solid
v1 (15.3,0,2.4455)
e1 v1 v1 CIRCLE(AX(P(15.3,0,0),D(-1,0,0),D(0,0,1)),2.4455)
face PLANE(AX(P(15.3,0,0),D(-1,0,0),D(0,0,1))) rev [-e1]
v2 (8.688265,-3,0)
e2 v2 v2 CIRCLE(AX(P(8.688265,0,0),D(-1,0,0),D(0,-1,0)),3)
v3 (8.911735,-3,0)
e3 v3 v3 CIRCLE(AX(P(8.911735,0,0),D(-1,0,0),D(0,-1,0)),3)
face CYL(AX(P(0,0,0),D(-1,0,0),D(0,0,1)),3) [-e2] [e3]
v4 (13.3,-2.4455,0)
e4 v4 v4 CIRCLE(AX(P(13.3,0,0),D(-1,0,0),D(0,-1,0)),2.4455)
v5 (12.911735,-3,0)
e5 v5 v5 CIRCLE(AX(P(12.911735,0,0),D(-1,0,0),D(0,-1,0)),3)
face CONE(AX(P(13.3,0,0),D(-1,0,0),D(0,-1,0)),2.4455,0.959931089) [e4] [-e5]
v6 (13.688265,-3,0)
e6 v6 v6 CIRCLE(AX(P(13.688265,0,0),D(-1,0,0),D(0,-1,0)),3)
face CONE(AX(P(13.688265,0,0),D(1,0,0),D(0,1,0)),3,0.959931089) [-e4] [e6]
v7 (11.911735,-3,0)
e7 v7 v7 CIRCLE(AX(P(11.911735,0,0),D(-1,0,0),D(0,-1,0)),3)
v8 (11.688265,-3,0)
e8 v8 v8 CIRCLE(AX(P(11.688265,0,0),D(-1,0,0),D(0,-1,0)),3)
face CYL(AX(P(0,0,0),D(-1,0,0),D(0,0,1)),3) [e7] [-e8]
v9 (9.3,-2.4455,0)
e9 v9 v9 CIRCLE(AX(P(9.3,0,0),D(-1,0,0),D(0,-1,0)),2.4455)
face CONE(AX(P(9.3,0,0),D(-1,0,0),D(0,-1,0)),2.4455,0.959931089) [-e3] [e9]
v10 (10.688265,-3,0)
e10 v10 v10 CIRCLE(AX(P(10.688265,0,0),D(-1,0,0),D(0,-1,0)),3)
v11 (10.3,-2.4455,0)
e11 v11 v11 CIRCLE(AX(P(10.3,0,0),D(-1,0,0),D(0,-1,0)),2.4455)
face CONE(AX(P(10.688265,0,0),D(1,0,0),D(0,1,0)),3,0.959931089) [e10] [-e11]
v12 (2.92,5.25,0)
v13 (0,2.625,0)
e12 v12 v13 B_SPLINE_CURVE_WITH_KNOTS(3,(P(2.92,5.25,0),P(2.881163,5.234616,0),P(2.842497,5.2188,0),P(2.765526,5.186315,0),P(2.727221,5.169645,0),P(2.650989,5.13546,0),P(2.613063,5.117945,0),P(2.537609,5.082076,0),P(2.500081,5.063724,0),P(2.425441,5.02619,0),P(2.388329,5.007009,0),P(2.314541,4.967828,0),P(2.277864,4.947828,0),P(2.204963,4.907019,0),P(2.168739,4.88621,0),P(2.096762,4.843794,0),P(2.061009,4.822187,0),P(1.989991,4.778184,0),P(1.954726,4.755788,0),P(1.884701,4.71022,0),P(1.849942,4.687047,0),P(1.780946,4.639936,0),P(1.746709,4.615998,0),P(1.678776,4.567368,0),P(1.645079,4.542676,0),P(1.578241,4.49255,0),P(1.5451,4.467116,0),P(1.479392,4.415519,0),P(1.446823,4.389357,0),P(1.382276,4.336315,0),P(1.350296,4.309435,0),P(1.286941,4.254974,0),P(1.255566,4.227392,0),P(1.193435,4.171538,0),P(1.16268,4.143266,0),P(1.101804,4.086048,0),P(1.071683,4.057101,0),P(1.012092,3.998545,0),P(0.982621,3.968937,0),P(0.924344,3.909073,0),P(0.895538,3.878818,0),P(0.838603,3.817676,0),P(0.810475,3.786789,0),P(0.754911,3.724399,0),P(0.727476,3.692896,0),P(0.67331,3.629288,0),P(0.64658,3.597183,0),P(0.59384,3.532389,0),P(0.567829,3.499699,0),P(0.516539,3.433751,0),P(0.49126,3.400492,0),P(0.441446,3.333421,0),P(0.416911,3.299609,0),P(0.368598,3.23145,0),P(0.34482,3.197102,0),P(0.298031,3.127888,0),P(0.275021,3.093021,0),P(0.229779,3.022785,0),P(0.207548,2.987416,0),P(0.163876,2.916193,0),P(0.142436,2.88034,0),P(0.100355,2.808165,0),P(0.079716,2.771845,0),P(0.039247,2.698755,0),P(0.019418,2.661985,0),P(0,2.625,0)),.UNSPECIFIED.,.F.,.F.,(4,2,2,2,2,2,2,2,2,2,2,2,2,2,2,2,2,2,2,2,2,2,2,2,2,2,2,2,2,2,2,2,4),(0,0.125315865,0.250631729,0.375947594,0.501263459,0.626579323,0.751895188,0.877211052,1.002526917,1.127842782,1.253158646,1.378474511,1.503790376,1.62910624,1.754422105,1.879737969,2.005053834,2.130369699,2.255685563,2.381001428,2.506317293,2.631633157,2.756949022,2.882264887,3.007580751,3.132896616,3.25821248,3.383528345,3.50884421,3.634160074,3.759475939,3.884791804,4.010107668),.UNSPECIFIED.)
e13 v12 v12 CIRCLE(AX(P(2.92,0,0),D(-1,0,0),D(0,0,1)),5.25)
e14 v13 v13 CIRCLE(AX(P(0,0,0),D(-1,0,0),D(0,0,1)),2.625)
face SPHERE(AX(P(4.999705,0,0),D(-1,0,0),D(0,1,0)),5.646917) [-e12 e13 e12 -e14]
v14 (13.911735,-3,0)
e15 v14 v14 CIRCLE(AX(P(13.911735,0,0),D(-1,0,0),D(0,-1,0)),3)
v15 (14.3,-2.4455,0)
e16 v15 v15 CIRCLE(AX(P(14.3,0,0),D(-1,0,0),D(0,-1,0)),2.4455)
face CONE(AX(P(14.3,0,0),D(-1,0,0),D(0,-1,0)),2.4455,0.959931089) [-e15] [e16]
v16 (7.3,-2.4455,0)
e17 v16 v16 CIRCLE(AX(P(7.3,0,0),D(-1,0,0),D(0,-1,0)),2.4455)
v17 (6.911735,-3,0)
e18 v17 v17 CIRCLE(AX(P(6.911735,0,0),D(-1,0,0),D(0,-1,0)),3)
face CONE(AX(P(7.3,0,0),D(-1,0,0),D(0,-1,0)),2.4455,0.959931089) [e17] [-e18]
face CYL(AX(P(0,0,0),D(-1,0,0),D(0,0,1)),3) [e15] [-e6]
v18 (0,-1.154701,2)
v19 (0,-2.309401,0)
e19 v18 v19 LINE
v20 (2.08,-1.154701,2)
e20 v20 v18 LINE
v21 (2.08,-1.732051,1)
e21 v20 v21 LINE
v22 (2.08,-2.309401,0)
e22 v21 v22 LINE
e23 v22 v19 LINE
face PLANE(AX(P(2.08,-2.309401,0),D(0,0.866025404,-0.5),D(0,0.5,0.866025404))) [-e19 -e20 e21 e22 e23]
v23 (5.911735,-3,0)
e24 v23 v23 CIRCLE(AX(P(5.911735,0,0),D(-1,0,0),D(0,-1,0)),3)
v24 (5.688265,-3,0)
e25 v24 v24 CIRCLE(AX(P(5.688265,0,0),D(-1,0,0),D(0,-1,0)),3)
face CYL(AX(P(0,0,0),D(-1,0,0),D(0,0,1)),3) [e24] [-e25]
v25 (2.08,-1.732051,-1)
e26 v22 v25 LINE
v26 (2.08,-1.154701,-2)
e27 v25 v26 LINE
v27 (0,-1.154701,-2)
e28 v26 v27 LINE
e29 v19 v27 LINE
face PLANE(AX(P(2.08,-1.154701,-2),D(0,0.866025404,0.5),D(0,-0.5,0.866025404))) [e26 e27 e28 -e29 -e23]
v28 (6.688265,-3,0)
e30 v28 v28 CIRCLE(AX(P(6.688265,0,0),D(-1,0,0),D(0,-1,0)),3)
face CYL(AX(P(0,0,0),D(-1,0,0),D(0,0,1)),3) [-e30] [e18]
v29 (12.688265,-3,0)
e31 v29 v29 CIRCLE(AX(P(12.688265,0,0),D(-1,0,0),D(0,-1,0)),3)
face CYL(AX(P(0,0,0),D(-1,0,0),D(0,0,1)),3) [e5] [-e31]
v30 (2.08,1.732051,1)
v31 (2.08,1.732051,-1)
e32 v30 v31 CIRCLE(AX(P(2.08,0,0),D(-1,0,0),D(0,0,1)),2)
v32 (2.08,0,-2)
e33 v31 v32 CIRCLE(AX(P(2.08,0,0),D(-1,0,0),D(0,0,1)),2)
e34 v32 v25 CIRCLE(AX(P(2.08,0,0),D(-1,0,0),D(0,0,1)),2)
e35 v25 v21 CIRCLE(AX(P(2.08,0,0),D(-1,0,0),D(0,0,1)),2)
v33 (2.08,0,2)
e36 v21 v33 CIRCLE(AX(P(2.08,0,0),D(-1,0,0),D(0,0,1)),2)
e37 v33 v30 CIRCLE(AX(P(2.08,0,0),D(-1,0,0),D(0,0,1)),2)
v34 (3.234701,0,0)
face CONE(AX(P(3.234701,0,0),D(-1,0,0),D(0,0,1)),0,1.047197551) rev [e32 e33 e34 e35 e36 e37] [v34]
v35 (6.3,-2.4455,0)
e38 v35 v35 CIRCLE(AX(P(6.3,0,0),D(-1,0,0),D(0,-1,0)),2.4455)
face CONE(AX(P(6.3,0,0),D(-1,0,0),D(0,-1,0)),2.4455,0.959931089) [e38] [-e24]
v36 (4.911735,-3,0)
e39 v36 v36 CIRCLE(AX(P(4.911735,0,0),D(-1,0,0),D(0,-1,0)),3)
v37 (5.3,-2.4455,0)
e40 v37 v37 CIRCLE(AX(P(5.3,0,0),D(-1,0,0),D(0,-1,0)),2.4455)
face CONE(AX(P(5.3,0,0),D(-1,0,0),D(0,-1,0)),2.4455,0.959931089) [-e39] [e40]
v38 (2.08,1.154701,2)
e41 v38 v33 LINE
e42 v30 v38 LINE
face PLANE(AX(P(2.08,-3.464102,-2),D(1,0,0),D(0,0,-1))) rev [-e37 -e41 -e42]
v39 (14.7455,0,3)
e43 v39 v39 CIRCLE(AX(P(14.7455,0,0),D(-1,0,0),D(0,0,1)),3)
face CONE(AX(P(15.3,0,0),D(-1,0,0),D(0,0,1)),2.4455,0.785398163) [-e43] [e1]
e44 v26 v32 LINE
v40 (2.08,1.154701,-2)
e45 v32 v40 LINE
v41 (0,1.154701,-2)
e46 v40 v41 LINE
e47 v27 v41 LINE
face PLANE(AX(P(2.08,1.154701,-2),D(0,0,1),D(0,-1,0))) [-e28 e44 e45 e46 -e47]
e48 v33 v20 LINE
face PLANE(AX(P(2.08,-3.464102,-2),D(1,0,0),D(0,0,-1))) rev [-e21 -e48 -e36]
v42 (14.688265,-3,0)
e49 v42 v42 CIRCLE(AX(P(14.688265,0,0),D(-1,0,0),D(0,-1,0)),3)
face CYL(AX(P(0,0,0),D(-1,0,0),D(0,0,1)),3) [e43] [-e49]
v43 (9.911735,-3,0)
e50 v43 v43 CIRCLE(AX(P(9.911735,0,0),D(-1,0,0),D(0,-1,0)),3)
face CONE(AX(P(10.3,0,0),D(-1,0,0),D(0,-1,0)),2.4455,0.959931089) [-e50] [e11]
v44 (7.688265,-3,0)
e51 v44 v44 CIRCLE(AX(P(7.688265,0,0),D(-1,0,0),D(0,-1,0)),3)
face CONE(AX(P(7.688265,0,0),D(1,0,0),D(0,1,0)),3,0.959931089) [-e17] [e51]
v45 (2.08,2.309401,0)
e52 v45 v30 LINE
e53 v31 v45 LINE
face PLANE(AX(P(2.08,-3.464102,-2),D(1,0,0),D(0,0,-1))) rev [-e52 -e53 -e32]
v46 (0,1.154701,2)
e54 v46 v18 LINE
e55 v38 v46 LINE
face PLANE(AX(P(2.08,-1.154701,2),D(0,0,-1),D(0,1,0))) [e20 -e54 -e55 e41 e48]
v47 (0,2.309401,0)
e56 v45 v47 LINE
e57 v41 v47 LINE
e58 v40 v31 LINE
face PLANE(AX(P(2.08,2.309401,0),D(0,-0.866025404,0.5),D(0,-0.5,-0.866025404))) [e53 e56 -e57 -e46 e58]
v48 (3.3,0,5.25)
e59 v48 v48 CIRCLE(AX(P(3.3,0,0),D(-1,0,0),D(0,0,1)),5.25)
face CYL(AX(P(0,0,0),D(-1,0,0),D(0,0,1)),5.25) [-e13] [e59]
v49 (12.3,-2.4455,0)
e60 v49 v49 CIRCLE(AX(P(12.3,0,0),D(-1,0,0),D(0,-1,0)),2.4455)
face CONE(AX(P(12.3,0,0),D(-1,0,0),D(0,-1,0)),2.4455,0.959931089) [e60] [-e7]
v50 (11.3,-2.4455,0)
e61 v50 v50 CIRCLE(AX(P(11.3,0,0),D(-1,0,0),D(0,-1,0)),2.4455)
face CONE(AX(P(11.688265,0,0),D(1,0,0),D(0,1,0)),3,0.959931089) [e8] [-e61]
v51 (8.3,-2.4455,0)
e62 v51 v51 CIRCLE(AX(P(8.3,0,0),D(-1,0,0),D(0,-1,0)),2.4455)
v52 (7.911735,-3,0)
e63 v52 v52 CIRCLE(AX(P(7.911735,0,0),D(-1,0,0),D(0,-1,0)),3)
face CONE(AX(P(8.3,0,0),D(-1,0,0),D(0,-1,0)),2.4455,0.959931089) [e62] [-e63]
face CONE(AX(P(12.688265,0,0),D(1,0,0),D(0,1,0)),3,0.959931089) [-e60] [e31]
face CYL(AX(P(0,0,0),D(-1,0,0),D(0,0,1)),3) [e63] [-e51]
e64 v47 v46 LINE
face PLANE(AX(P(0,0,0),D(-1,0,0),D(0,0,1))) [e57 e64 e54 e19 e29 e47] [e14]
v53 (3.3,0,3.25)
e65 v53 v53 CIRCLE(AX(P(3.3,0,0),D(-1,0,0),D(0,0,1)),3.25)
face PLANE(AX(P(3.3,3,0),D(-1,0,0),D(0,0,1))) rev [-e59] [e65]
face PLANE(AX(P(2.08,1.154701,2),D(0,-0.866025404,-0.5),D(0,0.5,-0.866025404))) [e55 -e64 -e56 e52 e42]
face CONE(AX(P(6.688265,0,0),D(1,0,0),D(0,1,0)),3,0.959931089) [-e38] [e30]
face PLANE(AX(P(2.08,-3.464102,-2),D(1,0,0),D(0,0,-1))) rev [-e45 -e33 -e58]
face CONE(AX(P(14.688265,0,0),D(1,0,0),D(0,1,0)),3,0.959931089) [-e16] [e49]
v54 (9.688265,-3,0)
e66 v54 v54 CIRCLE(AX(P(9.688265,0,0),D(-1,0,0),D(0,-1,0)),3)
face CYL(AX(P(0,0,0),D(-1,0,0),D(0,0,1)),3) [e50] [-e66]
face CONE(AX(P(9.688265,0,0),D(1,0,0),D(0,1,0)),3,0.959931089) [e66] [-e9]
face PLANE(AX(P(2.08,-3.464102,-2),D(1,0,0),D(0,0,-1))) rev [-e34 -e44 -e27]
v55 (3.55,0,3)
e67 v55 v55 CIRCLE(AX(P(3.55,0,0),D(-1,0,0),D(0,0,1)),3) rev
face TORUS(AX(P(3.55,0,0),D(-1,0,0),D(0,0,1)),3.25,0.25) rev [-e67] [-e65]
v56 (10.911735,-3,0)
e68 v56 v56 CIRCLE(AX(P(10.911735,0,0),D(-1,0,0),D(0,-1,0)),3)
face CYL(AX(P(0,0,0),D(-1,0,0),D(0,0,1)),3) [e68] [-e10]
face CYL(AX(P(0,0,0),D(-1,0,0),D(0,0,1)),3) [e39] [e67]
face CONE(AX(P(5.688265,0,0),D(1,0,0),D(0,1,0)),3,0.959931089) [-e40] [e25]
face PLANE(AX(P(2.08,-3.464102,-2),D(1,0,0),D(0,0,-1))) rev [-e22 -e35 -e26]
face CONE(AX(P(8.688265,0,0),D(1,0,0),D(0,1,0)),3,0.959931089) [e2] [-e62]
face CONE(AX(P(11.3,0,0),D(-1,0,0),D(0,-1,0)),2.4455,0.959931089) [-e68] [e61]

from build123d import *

# Parameters (mm, degrees)
FILLET1_R       = 0.25
HEX_2_DEPTH     = 2.08
THDSCHPAT_COUNT = 10
THDSCHPAT_PITCH = 1


with BuildPart() as part:
    # BodySke → BaseBody (revolve)
    with BuildSketch(Plane.XY, mode=Mode.PRIVATE) as basebody_sk:
        with BuildLine():
            Line((15.3, 0), (15.3, 2.4455))
            Line((15.3, 2.4455), (14.7455, 3))
            Line((14.7455, 3), (3.3, 3))
            Line((3.3, 3), (3.3, 5.25))
            Line((3.3, 5.25), (2.92, 5.25))
            ThreePointArc((2.92, 5.25), (1.224500646, 4.199464996), (0, 2.625))
            Line((0, 2.625), (0, 0))
            Line((0, 0), (15.3, 0))
        make_face()
    revolve(basebody_sk.sketch.rotate(Axis((0, 0, 0), (1, 0, 0)), 90), axis=Axis((0, 0, 0), (1, 0, 0)))

    # Fillet1
    fillet1_edges = [part.edges().sort_by_distance(p)[0] for p in [
        (3.3, 0, -3),
    ]]
    fillet(fillet1_edges, radius=FILLET1_R)

    # Sketch2 → PreBroach (revolve, cut)
    with BuildSketch(Plane.XY, mode=Mode.PRIVATE) as prebroach_sk:
        Polygon((0, 2), (2.08, 2), (3.234700538, 0), (0, 0), align=None)
    revolve(prebroach_sk.sketch.rotate(Axis((0, 0, 0), (1, 0, 0)), 90), axis=Axis((0, 0, 0), (1, 0, 0)), mode=Mode.SUBTRACT)

    # Sketch3 → Hex 2 (cut)
    with BuildSketch(Plane(origin=(0, 0, 0), x_dir=(0, 0, -1), z_dir=(1, 0, 0))):
        Polygon((-2, -1.154700538), (-2, 1.154700538), (0, 2.309401077), (2, 1.154700538), (2, -1.154700538), (0, -2.309401077), align=None)
    extrude(amount=HEX_2_DEPTH, mode=Mode.SUBTRACT)

    # ThdSchSke → ThreadSchematic (revolve, cut)
    with BuildSketch(Plane.XY, mode=Mode.PRIVATE) as threadschematic_sk:
        Polygon((5.3, -2.4455), (4.91173492, -3), (4.91173492, -3.75), (5.68826508, -3.75), (5.68826508, -3), align=None)
    threadschematic = revolve(threadschematic_sk.sketch.rotate(Axis((-3.175, 0, 0), (1, 0, 0)), 270), axis=Axis((-3.175, 0, 0), (1, 0, 0)), mode=Mode.SUBTRACT)

    # ThdSchPat: ThreadSchematic ×10
    with Locations(*[(i * THDSCHPAT_PITCH, 0, 0) for i in range(1, THDSCHPAT_COUNT)]):
        add(threadschematic, mode=Mode.SUBTRACT)


solid = part.part
